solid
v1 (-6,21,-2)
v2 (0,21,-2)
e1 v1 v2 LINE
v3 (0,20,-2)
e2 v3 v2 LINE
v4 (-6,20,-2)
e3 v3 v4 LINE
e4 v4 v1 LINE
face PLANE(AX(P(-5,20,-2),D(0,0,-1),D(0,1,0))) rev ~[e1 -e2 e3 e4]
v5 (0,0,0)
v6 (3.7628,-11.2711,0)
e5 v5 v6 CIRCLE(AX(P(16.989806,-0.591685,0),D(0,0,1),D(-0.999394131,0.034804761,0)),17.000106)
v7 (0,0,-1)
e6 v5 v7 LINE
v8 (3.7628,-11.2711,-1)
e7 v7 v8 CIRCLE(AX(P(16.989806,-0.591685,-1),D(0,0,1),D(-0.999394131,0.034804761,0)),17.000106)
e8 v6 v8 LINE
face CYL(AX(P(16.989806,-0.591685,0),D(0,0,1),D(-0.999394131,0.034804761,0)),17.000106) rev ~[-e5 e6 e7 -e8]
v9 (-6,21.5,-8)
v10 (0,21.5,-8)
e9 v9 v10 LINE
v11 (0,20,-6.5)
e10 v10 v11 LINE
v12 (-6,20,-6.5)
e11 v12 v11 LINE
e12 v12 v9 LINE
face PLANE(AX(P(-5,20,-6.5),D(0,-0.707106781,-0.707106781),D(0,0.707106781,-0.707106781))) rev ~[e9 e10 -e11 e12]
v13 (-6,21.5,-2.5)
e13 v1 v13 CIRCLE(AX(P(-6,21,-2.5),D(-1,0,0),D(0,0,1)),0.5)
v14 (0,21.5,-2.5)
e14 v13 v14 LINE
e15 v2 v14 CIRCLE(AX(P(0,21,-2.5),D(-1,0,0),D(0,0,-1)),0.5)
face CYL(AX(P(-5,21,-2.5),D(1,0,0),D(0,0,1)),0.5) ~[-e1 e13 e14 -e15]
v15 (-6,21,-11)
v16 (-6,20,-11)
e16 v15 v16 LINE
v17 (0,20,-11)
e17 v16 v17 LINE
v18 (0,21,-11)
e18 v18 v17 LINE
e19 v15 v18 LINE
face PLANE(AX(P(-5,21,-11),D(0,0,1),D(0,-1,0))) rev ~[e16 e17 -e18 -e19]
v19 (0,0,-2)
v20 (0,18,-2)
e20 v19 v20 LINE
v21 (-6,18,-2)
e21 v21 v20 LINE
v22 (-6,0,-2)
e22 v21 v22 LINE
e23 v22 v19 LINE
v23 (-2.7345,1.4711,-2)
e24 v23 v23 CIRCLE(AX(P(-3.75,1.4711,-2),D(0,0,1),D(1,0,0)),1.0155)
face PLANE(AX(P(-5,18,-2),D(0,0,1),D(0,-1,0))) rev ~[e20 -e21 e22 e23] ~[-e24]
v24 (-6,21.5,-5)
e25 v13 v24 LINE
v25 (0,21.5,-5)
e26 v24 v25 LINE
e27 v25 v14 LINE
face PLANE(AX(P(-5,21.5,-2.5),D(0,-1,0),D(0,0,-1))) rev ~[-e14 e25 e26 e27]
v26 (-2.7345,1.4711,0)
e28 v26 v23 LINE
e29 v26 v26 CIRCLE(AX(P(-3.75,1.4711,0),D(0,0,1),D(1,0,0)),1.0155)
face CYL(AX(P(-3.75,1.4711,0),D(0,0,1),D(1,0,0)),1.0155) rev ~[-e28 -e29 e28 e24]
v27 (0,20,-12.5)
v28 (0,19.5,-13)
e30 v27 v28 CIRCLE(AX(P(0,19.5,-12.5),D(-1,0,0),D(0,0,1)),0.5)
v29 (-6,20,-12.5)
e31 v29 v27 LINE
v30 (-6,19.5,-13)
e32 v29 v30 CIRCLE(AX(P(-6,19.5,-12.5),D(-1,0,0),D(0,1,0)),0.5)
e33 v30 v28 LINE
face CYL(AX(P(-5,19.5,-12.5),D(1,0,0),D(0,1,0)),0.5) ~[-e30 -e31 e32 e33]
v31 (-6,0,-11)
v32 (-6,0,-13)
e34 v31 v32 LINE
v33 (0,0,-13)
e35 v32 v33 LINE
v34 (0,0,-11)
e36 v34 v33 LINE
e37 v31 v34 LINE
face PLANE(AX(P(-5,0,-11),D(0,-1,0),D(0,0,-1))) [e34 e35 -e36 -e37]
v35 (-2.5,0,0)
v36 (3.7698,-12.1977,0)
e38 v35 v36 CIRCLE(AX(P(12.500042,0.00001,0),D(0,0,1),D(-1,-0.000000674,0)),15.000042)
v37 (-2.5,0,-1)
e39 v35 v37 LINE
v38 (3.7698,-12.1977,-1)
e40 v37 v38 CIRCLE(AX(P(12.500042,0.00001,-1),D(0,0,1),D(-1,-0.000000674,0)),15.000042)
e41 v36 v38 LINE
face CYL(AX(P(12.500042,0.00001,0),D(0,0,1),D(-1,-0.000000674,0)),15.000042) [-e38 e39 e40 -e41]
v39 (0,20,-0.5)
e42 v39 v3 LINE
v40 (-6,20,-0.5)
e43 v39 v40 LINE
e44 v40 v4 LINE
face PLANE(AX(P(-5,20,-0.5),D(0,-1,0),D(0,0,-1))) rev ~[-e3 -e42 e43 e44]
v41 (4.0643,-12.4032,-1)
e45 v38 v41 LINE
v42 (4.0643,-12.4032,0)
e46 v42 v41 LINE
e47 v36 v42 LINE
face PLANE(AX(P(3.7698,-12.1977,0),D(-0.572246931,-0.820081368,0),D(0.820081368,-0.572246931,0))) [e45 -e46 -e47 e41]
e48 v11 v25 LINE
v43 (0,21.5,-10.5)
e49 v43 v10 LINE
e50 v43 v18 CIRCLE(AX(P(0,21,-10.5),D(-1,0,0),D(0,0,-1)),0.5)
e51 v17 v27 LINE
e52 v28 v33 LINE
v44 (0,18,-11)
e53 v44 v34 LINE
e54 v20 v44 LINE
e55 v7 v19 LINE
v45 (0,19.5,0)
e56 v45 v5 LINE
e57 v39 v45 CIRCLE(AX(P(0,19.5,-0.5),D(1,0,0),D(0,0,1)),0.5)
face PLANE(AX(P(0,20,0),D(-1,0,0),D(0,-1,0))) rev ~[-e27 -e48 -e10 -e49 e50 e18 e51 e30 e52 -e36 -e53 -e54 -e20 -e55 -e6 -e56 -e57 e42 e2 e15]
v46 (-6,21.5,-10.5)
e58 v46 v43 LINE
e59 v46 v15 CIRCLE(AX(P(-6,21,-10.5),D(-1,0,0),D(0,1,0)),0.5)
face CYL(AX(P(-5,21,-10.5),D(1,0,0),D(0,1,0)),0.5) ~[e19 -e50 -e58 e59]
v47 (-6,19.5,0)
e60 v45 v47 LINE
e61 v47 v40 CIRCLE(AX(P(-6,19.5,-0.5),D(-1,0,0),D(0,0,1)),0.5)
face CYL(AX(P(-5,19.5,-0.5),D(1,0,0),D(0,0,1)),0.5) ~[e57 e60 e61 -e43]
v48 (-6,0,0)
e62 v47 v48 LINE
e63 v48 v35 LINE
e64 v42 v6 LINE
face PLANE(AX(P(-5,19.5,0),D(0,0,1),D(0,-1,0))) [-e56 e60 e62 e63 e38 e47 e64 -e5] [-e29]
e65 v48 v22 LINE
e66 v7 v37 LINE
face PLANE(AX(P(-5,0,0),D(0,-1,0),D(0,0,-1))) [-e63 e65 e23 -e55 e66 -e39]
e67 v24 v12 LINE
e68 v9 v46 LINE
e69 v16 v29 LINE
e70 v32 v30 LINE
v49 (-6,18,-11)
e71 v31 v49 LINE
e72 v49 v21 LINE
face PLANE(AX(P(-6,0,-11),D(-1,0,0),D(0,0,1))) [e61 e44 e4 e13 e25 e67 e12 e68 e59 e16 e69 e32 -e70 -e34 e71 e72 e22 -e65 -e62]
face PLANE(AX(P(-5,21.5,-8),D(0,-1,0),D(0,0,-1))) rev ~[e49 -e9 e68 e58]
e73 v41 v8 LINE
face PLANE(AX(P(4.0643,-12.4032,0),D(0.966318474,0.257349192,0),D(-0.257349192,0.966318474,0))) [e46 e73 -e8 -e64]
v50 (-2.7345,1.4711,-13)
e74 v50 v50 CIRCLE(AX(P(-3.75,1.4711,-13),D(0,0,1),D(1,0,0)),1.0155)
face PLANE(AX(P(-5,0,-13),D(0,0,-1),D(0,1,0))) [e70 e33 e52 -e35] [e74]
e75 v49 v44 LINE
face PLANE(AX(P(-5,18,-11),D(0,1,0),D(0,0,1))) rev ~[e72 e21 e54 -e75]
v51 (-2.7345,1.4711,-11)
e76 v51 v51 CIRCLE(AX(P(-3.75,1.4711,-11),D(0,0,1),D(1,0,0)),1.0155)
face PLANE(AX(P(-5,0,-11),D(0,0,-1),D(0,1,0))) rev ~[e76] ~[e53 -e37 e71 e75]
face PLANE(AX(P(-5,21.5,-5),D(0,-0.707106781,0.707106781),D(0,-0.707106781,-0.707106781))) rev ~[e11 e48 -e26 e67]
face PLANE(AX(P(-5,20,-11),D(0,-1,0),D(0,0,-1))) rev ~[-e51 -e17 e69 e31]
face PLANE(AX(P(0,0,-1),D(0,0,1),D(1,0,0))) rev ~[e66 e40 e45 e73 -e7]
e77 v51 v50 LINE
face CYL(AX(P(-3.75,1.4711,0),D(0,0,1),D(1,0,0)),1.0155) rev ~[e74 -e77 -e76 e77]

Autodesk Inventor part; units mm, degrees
ref_plane "YZ Plane" through (0, 0, 0) normal (1, 0, 0) x (0, 1, 0)
ref_plane "XZ Plane" through (0, 0, 0) normal (0, 1, 0) x (-1, 0, 0)
ref_plane "XY Plane" through (0, 0, 0) normal (0, 0, 1) x (1, 0, 0)
sketch "Sketch1" plane through (0, 0, 0) normal (0, 0, 1) x (1, 0, 0)
  line L0 (0, 0) -> (-5, 0)
  line L1 (-5, 0) -> (-5, 20)
  line L2 (-5, 20) -> (0, 20)
  line L3 (0, 20) -> (0, 0)
  arc A0 (0, 0) -> (3.7628, -11.2711) centre (16.9897, -0.5917) ccw
  arc A1 (-2.5, 0) -> (3.7698, -12.1977) centre (12.5, 0) ccw
  line L4 (4.0643, -12.4032) -> (3.7628, -11.2711)
  line L5 (-5, 0) -> (-2.5, 0)
  line L6 (0, 20) -> (0, 0)
  line L7 (3.7698, -12.1977) -> (4.0643, -12.4032)
  circle A2 centre (-3.75, 1.4711) radius 1.0155
  dimension "d0" = 5
  dimension "d1" = 20
  dimension "d2" = 17
  dimension "d3" = 15
extrude "Extrusion1" add sketch "Sketch1" against normal blind 13 contours L0 L1 L2 L3 | A2
extrude "Extrusion2" add sketch "Sketch1" against normal blind 1 contours A0 L4 L7 A1 L0
sketch "Sketch2" plane through (0, 0, -13) normal (1, 0, 0) x (0, 0, -1)
  line L0 (-12, 0) -> (0, 0) projected
  line L1 (-11, 14.4434) -> (-11, 18)
  line L2 (-2, 18) -> (-2, 0)
  line L3 (-2, 0) -> (-11, 0)
  line L4 (-13, 20) -> (0, 20) projected
  line L5 (-13, -11.2711) -> (-12, -11.2711) projected
  line L6 (-4.8653, 18) -> (-2, 18)
  line L7 (-13, 0) -> (-13, 20) projected
  line L8 (0, 20) -> (0, 0) projected
  line L9 (-11, 18) -> (-4.8653, 18)
  line L10 (-11, 14.4434) -> (-11, 0)
  line L11 (-13, 0) -> (0, 0) projected
  line L12 (-11, 20) -> (-11, 21.5)
  line L13 (-2, 21.5) -> (-2, 20)
  line L14 (-11, 20) -> (-2, 20)
  line L15 (-13, 20) -> (0, 20) projected
  line L16 (-6.5, 21.5) -> (-6.5, 20) construction
  line L17 (-5, 21.5) -> (-6.5, 20)
  line L18 (-6.5, 20) -> (-8, 21.5)
  line L19 (-2, 21.5) -> (-5, 21.5)
  line L20 (-8, 21.5) -> (-11, 21.5)
  point P0 (-1, 20)
  point P1 (-12, 20)
  point P2 (-12, 20.7344)
  point P3 (-2, 0)
  dimension "d10" = 18
  dimension "d19" = 2
  dimension "d20" = 2
  dimension "d24" = 2
  dimension "d25" = 4.5
  dimension "d26" = 2
  dimension "d27" = 1.5
  dimension "d28" = 1.5
extrude "Extrusion3" add sketch "Sketch2" against normal blind 5 contours L17 L19 L13 L4
extrude "Extrusion4" add sketch "Sketch2" against normal blind 5 contours L12 L20 L18 L4 | L17 L19 L13 L4
extrude "Extrusion5" cut sketch "Sketch2" against normal through all contours L10 L1 L9 L6 L2 L0
extrude "Extrusion6" cut sketch "Sketch1" against normal through all contours A2
fillet "Arredondamento1" radius 0.5 2 edges at (-2.5, 21.5, -11) (-2.5, 21.5, -2)
fillet "Arredondamento2" radius 0.5 2 edges at (-2.5, 20, -13) (-2.5, 20, 0)
sketch "Esboço3" plane through (-5, 0, -11) normal (-1, 0, 0) x (0, 0, 1)
  arc A0 (11, 19.5) -> (10.5, 20) centre (10.5, 19.5) ccw projected
  line L0 (10.5, 20) -> (9, 20) projected
  line L1 (9, 20) -> (9, 21) projected
  arc A1 (9, 21) -> (8.5, 21.5) centre (8.5, 21) ccw projected
  line L2 (8.5, 21.5) -> (6, 21.5) projected
  line L3 (6, 21.5) -> (4.5, 20) projected
  line L4 (4.5, 20) -> (3, 21.5) projected
  line L5 (3, 21.5) -> (0.5, 21.5) projected
  arc A2 (0.5, 21.5) -> (0, 21) centre (0.5, 21) ccw projected
  line L6 (0, 21) -> (0, 20) projected
  line L7 (0, 20) -> (-1.5, 20) projected
  arc A3 (-1.5, 20) -> (-2, 19.5) centre (-1.5, 19.5) ccw projected
  line L8 (-2, 0) -> (-2, 19.5) projected
  line L9 (0, 0) -> (-2, 0) projected
  line L10 (0, 0) -> (0, 18) projected
  line L11 (0, 18) -> (9, 18) projected
  line L12 (9, 18) -> (9, 0) projected
  line L13 (11, 0) -> (9, 0) projected
  line L14 (11, 19.5) -> (11, 0) projected
  point P0 (11, 0)
extrude "Extrusão7" add sketch "Esboço3" along normal blind 1
properties material "Nickel-Copper Alloy 400"
